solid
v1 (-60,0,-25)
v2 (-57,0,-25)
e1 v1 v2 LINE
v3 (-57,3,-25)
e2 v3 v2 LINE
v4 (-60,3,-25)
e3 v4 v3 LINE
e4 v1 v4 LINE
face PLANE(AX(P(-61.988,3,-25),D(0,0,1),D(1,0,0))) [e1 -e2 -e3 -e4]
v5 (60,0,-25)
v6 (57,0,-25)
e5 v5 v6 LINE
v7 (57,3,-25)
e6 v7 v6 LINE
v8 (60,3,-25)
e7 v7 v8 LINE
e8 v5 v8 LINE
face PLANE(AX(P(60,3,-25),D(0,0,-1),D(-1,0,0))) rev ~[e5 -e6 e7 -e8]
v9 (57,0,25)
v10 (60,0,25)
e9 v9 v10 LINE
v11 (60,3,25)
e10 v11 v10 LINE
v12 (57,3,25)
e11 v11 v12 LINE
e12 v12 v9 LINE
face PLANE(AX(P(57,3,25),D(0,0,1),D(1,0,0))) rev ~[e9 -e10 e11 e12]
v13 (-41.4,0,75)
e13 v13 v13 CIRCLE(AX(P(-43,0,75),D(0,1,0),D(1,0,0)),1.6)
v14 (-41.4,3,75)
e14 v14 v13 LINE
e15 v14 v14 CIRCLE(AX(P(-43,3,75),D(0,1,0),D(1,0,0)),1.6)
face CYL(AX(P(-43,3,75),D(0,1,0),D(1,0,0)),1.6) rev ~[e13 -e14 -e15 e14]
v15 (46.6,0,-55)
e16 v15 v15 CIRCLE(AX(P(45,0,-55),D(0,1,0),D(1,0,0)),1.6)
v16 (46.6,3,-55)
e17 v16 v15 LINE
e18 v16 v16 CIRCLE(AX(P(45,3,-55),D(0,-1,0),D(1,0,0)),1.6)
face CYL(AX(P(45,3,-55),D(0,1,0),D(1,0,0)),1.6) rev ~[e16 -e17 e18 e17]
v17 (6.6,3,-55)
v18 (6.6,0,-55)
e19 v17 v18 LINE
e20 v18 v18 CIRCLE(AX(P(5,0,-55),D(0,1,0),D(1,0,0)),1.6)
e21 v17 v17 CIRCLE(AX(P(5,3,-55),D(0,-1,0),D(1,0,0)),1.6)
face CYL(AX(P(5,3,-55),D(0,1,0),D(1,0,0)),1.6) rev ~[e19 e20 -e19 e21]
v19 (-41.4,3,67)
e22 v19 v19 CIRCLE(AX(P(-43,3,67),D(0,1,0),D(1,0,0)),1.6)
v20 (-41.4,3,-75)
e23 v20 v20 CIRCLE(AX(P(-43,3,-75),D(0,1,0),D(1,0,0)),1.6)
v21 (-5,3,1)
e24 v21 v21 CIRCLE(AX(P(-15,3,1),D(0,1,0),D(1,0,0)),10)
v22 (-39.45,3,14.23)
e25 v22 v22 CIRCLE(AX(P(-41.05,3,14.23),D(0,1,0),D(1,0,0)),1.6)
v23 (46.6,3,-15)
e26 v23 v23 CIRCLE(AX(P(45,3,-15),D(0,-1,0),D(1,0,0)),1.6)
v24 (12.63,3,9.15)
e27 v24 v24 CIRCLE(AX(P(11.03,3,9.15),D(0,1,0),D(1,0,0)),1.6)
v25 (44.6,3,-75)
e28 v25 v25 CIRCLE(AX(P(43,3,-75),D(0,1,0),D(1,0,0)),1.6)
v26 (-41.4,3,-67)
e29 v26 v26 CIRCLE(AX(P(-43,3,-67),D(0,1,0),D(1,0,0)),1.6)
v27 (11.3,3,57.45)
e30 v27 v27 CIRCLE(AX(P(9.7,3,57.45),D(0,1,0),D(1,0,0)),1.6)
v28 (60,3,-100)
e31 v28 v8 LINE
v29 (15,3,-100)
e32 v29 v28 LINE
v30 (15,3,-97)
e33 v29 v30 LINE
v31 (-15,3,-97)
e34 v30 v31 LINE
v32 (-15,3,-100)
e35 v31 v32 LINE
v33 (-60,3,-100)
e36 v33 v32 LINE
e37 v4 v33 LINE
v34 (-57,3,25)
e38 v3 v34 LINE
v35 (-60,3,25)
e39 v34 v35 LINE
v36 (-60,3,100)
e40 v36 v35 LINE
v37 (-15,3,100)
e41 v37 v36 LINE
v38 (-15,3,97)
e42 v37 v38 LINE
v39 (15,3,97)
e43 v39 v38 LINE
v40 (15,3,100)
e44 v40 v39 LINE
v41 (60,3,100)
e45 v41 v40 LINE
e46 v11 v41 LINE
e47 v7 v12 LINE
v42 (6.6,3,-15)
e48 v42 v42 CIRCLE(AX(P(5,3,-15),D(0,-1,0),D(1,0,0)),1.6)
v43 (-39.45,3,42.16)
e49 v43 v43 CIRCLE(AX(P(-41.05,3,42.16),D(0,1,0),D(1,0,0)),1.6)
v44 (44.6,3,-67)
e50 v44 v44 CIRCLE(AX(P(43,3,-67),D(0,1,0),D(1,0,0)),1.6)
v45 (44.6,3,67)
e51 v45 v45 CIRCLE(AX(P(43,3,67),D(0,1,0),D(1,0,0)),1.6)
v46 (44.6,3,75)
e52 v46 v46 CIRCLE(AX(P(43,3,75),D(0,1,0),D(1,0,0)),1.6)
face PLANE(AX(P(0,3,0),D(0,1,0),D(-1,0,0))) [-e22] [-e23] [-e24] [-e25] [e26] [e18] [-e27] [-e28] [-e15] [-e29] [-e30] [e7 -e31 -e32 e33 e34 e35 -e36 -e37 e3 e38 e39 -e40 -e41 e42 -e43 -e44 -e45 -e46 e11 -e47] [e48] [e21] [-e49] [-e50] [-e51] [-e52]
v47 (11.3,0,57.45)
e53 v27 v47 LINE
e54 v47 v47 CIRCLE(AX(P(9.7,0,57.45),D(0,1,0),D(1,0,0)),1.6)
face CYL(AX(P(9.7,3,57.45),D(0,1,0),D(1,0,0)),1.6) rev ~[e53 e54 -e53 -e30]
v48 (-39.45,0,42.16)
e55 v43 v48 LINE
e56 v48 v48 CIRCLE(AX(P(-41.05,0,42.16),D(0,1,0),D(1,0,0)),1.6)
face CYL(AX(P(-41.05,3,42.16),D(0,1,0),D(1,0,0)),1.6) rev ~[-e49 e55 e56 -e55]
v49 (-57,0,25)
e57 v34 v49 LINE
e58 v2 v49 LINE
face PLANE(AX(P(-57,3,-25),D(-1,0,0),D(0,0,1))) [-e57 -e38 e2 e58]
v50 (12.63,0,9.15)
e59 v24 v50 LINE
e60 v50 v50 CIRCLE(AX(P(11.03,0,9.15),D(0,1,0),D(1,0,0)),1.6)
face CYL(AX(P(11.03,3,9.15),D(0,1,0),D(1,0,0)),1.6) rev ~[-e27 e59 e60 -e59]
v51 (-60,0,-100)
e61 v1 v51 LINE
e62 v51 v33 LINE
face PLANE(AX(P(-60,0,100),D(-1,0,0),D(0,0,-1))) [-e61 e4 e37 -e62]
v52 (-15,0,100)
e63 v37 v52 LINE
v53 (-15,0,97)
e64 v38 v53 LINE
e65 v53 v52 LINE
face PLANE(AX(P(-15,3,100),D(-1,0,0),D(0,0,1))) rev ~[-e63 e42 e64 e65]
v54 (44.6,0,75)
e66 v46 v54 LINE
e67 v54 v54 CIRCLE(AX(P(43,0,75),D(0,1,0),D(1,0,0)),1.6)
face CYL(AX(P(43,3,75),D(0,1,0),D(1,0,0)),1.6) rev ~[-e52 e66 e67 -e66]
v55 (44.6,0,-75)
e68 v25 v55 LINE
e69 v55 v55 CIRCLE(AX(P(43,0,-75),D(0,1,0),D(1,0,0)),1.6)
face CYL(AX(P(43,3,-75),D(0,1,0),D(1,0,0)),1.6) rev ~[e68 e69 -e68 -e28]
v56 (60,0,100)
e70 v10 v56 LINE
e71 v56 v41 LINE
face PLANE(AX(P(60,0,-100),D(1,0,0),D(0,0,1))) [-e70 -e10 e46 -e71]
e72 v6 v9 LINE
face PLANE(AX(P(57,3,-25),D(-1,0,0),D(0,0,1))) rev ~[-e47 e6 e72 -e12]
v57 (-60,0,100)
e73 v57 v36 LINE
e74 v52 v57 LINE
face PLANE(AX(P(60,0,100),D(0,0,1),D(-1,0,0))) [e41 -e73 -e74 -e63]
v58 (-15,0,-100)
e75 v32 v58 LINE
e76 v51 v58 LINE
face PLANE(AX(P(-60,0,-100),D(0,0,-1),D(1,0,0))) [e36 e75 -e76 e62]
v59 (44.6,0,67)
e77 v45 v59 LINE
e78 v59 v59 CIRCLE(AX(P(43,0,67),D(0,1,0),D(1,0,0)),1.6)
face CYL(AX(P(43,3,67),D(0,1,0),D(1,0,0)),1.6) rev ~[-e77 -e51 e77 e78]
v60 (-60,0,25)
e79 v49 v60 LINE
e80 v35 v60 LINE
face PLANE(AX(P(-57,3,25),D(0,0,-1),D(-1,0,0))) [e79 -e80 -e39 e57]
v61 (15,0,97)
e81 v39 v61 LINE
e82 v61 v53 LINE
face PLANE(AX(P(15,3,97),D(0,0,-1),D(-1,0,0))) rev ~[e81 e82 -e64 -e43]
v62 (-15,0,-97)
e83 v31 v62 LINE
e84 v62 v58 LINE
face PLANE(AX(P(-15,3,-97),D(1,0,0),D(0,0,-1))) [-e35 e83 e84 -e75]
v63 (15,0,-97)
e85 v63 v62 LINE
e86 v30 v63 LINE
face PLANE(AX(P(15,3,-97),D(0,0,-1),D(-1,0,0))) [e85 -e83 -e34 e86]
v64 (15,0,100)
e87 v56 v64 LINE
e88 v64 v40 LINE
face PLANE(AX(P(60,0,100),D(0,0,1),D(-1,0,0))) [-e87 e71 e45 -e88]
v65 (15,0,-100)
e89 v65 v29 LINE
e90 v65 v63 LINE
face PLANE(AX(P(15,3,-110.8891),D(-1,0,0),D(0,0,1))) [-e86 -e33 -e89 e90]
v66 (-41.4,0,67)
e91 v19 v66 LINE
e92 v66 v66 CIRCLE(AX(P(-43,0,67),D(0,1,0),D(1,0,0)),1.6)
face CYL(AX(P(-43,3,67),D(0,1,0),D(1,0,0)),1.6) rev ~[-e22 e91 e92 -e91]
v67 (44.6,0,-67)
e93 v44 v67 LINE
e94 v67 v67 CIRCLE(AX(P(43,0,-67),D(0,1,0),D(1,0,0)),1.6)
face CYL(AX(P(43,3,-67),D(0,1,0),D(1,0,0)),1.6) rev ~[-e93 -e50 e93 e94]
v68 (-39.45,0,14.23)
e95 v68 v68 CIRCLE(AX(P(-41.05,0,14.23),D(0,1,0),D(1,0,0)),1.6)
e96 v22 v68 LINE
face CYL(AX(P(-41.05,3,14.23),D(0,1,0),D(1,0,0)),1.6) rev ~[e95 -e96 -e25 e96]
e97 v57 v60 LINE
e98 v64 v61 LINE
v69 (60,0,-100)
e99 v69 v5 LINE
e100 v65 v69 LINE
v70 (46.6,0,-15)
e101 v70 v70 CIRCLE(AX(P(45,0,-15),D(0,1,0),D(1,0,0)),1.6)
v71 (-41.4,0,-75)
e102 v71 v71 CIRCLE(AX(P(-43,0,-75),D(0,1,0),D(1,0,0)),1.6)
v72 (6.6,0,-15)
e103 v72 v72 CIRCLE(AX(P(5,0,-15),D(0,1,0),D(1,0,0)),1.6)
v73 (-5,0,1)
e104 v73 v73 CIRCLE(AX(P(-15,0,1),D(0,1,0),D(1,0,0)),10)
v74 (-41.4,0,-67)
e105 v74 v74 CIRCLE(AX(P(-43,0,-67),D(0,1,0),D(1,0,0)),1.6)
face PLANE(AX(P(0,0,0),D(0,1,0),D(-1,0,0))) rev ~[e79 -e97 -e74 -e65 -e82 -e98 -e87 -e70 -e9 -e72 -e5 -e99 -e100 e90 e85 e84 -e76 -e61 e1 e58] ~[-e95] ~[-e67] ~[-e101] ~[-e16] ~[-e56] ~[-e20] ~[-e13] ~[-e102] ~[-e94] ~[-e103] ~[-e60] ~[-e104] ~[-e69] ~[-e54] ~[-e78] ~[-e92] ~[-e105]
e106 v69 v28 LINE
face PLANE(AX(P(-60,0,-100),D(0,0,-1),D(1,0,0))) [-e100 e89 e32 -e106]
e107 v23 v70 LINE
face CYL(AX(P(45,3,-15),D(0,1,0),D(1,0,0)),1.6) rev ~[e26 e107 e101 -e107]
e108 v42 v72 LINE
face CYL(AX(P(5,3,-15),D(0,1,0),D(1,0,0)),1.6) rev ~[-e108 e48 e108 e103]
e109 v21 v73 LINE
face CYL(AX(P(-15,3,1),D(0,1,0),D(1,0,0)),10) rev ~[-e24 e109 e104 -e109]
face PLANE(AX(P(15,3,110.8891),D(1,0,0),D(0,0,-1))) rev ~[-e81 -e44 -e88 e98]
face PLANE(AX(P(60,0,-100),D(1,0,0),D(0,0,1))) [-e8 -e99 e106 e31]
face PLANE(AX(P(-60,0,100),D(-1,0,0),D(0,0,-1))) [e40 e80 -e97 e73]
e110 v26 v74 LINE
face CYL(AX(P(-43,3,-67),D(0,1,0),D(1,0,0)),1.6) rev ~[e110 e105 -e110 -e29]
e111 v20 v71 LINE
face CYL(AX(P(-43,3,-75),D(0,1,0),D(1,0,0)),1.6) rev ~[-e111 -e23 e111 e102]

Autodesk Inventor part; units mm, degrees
ref_plane "YZ Plane" through (0, 0, 0) normal (1, 0, 0) x (0, 1, 0)
ref_plane "XZ Plane" through (0, 0, 0) normal (0, 1, 0) x (-1, 0, 0)
ref_plane "XY Plane" through (0, 0, 0) normal (0, 0, 1) x (1, 0, 0)
sketch "스케치1" plane through (0, 0, 0) normal (0, 1, 0) x (-1, 0, 0)
  line L0 (60, -100) -> (-60, -100)
  line L1 (-60, -100) -> (-60, 100)
  line L2 (-60, 100) -> (60, 100)
  line L3 (60, 100) -> (60, -100)
  line L4 (60, -100) -> (-60, 100) construction
  line L5 (-60, -100) -> (60, 100) construction
  point P0 (0, 0)
  dimension "d0" = 200
  dimension "d1" = 120
extrude "돌출1" add sketch "스케치1" along normal blind 3
sketch "스케치3" plane through (0, 3, 0) normal (0, 1, 0) x (1, 0, 0)
  line L0 (-43.6, -60) -> (25, -60)
  line L1 (25, -60) -> (25, -6.6)
  line L2 (25, -6.6) -> (-43.6, -6.6)
  line L3 (-43.6, -6.6) -> (-43.6, -60)
  circle A0 centre (9.7, -57.45) radius 1.6
  circle A1 centre (11.03, -9.15) radius 1.6
  circle A2 centre (-41.05, -42.16) radius 1.6
  circle A3 centre (-41.05, -14.23) radius 1.6
  line L4 (60, -100) -> (60, 100) projected
  line L5 (-60, -100) -> (60, -100) projected
  point P0 (0, 0)
  point P1 (0, 0)
  dimension "d22" = 68.6
  dimension "d23" = 53.4
  dimension "d26" = 3.2
  dimension "d27" = 15.3
  dimension "d28" = 2.55
  dimension "d29" = 3.2
  dimension "d30" = 13.97
  dimension "d31" = 2.55
  dimension "d32" = 3.2
  dimension "d33" = 35.56
  dimension "d34" = 3.2
  dimension "d35" = 2.55
  dimension "d36" = 2.55
  dimension "d37" = 7.63
  dimension "d38" = 35
  dimension "d40" = 40
extrude "돌출2" cut sketch "스케치3" against normal through all contours A0 | A1 | A2 | A3
sketch "스케치4" plane through (0, 3, 0) normal (0, 1, 0) x (1, 0, 0)
  line L0 (5, 15) -> (45, 15)
  line L1 (45, 15) -> (45, 55)
  line L2 (45, 55) -> (5, 55)
  line L3 (5, 55) -> (5, 15)
  circle A0 centre (5, 15) radius 1.6
  circle A1 centre (5, 55) radius 1.6
  circle A2 centre (45, 55) radius 1.6
  circle A3 centre (45, 15) radius 1.6
  line L4 (-47.9371, 14.7215) -> (-7.9371, 14.7215)
  line L5 (-7.9371, 14.7215) -> (-7.9371, 64.7215)
  line L6 (-7.9371, 64.7215) -> (-47.9371, 64.7215)
  line L7 (-47.9371, 64.7215) -> (-47.9371, 14.7215)
  line L8 (60, -100) -> (60, 100) projected
  line L9 (60, 100) -> (-60, 100) projected
  circle A4 centre (-15, -1) radius 10
  line L10 (-60, 100) -> (-60, -100) projected
  point P0 (0, 0)
  point P1 (0, 0)
  dimension "d43" = 40
  dimension "d44" = 40
  dimension "d47" = 3.2
  dimension "d48" = 3.2
  dimension "d49" = 3.2
  dimension "d50" = 3.2
  dimension "d51" = 40
  dimension "d52" = 50
  dimension "d53" = 15
  dimension "d54" = 45
  dimension "d56" = 20
  dimension "d69" = 45
  dimension "d70" = 101
extrude "돌출3" cut sketch "스케치4" against normal through all contours L3 A0 L0 | L0 A0 L3 | A3 L1 L0 | L0 L1 A3 | A1 L2 L3 | L3 L2 A1 | A2 L2 L1 | L1 L2 A2 | A4
sketch "스케치5" plane through (0, 3, 0) normal (0, 1, 0) x (1, 0, 0)
  line L0 (57, -25) -> (61.988, -25)
  line L1 (61.988, -25) -> (61.988, 25)
  line L2 (61.988, 25) -> (57, 25)
  line L3 (57, 25) -> (57, -25)
  line L4 (60, -100) -> (60, 100) projected
  line L5 (60, 100) -> (-60, 100) projected
  line L6 (0, -100) -> (0, 100)
  line L7 (60, 100) -> (-60, 100) projected
  line L8 (-57, -25) -> (-61.988, -25)
  line L9 (-61.988, -25) -> (-61.988, 25)
  line L10 (-61.988, 25) -> (-57, 25)
  line L11 (-57, 25) -> (-57, -25)
  point P0 (0, 0)
  dimension "d59" = 50
  dimension "d60" = 3
  dimension "d61" = 75
extrude "돌출4" cut sketch "스케치5" against normal through all
sketch "스케치6" plane through (0, 3, 0) normal (0, 1, 0) x (1, 0, 0)
  line L0 (-15, -110.8891) -> (15, -110.8891)
  line L1 (15, -110.8891) -> (15, -97)
  line L2 (15, -97) -> (-15, -97)
  line L3 (-15, -97) -> (-15, -110.8891)
  line L4 (-60, -100) -> (60, -100) projected
  line L5 (-60, -25) -> (-60, -100) projected
  line L6 (-57, -25) -> (-57, 25) projected
  line L7 (-57, 0) -> (56.7319, 0)
  line L8 (-15, 110.8891) -> (15, 110.8891)
  line L9 (15, 110.8891) -> (15, 97)
  line L10 (15, 97) -> (-15, 97)
  line L11 (-15, 97) -> (-15, 110.8891)
  point P0 (0, 0)
  dimension "d64" = 30
  dimension "d65" = 3
  dimension "d66" = 45
extrude "돌출5" cut sketch "스케치6" against normal through all
sketch "스케치7" plane through (0, 3, 0) normal (0, 1, 0) x (1, 0, 0)
  point P0 (0, 0)
sketch "스케치9" plane through (0, 3, 0) normal (0, 1, 0) x (1, 0, 0)
  circle A0 centre (-43, -75) radius 1.6
  circle A1 centre (-43, -67) radius 1.6
  line L0 (-60, -25) -> (-60, -100) projected
  line L1 (-60, -100) -> (-15, -100) projected
  line L2 (-15, -97) -> (15, -97) projected
  line L3 (0, -97) -> (0, 96.8174)
  line L4 (-57, -25) -> (-57, 25) projected
  line L5 (-57, 0) -> (57, 0)
  line L6 (57, 25) -> (57, -25) projected
  circle A2 centre (-43, 75) radius 1.6
  circle A3 centre (-43, 67) radius 1.6
  circle A4 centre (43, -75) radius 1.6
  circle A5 centre (43, -67) radius 1.6
  circle A6 centre (43, 75) radius 1.6
  circle A7 centre (43, 67) radius 1.6
  point P0 (0, 0)
  dimension "d75" = 3.2
  dimension "d76" = 3.2
  dimension "d77" = 8
  dimension "d78" = 17
  dimension "d79" = 17
  dimension "d80" = 25
extrude "돌출7" cut sketch "스케치9" against normal through all
properties part number "본체 밑판 레이저 수정"
